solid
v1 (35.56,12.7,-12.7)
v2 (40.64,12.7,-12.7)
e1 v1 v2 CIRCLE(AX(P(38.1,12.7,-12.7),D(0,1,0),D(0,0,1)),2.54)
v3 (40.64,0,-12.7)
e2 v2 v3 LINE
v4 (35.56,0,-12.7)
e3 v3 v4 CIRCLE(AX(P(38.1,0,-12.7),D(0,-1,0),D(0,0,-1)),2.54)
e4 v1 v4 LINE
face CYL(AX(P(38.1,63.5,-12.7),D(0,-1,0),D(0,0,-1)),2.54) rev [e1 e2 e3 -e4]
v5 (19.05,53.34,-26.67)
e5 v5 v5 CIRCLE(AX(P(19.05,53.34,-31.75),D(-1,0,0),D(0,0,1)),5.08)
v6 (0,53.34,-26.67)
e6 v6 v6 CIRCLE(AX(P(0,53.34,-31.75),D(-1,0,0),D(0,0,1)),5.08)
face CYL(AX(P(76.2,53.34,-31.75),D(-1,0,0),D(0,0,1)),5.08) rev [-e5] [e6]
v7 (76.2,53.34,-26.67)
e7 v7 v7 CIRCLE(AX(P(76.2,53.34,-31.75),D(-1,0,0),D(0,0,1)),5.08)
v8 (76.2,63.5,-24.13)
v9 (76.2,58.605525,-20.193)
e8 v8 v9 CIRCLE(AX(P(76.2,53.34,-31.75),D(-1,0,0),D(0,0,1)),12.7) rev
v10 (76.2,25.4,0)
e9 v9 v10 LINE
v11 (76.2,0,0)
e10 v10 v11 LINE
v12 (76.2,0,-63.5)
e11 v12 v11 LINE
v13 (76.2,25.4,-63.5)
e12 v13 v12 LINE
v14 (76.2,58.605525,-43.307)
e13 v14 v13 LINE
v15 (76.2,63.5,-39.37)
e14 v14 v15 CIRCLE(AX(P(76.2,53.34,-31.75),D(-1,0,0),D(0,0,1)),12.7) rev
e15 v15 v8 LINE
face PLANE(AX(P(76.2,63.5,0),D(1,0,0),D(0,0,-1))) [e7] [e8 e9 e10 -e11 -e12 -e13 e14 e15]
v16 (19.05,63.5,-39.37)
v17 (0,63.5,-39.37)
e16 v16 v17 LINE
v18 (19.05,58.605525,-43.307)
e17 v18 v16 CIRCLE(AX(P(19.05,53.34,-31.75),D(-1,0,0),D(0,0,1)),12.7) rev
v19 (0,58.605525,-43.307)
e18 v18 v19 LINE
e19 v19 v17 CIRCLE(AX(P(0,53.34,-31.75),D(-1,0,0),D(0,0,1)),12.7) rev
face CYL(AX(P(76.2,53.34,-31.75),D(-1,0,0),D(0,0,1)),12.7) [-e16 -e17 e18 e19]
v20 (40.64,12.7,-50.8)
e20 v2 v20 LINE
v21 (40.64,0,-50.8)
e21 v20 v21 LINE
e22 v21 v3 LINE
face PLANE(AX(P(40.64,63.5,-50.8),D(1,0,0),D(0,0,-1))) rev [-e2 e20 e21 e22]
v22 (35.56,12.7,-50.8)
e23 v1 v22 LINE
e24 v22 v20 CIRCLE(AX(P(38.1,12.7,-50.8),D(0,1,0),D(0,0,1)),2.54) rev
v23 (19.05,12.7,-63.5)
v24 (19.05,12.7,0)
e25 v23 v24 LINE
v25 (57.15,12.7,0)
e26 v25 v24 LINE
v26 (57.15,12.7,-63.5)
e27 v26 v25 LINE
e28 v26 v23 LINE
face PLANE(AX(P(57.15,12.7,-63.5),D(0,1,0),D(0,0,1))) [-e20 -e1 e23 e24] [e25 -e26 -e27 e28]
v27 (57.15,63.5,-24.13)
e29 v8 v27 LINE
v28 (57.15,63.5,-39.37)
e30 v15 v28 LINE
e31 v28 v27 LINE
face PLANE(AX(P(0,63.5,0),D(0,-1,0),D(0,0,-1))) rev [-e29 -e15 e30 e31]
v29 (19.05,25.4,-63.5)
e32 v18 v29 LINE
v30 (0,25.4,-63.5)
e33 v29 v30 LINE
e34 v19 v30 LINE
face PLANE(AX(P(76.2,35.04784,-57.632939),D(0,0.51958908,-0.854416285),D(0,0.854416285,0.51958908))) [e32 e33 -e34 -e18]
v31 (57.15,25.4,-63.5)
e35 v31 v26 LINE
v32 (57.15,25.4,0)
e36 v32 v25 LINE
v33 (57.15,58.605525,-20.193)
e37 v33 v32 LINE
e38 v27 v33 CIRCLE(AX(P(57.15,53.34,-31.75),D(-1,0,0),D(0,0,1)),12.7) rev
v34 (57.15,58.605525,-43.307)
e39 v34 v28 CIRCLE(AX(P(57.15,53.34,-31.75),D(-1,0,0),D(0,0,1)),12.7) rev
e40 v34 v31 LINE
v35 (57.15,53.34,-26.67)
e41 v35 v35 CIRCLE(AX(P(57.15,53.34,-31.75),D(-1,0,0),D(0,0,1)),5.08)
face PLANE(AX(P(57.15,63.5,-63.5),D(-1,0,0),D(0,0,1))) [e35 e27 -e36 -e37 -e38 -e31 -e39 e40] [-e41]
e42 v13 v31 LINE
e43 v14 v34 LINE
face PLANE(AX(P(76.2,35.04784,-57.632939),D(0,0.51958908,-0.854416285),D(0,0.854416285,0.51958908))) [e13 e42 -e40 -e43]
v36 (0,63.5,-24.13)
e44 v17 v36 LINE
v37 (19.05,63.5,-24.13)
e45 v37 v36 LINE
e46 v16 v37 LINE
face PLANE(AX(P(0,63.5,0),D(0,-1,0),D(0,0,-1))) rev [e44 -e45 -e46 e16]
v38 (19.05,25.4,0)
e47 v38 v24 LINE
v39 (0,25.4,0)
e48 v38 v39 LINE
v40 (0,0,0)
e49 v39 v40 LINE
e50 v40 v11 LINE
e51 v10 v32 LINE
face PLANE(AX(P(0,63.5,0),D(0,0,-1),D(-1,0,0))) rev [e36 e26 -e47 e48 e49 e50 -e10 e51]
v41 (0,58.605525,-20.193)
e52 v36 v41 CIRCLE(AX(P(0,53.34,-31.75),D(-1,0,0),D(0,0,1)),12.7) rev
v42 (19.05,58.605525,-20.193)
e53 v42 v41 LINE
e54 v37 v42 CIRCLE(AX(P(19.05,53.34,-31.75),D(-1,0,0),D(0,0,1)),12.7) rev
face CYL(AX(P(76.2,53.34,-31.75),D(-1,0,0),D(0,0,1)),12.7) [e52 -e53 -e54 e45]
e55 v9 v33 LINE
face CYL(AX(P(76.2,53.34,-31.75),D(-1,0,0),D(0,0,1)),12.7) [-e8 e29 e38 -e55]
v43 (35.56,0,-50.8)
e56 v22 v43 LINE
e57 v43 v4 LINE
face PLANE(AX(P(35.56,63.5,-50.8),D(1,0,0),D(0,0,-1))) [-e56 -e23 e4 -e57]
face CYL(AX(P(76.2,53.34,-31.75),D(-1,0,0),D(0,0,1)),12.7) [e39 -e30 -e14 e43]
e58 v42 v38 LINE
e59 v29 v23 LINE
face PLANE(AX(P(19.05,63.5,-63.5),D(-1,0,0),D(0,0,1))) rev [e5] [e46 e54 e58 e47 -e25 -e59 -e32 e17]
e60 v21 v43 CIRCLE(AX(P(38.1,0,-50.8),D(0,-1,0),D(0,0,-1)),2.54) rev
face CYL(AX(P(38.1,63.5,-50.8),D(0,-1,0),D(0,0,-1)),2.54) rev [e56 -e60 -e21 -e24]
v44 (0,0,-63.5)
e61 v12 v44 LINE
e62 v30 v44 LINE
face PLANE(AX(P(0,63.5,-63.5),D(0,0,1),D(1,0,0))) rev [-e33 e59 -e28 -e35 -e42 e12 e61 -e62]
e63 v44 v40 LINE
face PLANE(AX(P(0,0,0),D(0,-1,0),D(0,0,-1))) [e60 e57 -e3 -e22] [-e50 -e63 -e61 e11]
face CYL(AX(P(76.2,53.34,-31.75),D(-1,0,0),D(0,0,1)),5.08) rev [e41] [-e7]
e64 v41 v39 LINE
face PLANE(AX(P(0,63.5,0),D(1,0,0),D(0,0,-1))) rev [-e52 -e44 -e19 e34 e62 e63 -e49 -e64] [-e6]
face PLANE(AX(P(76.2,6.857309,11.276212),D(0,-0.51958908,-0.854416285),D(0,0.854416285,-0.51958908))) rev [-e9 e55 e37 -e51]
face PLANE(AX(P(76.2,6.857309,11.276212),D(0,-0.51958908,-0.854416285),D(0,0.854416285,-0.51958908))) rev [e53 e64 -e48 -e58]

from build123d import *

# Parameters (mm, degrees)
SKETCH1_W                = 76.2
SKETCH1_H                = 63.5
BOSS_EXTRUDE2_DEPTH      = 63.5
SKETCH6_W                = 38.1
SKETCH6_H                = 50.8
CUT_EXTRUDE4_DEPTH       = 63.5
CUT_EXTRUDE6_DEPTH       = 118.774954893
CUT_EXTRUDE6_DEPTH_BACK  = 118.774954893
SKETCH9_R                = 5.08
CUT_EXTRUDE7_DEPTH       = 118.774954893
CUT_EXTRUDE10_DEPTH      = 118.774954893
CUT_EXTRUDE15_DEPTH      = 118.774954893
CUT_EXTRUDE15_DEPTH_BACK = 118.774954893


with BuildPart() as part:
    # Sketch1 → Boss-Extrude2 (new body)
    with BuildSketch(Plane(origin=(0, 0, 0), x_dir=(1, 0, 0), z_dir=(0, 1, 0))):
        with Locations((38.1, 31.75)):
            Rectangle(SKETCH1_W, SKETCH1_H)
    boss_extrude2 = extrude(amount=BOSS_EXTRUDE2_DEPTH)

    # Sketch6 → Cut-Extrude4 (cut)
    with BuildSketch(Plane.XY):
        with Locations((38.1, 38.1)):
            Rectangle(SKETCH6_W, SKETCH6_H)
    cut_extrude4 = extrude(amount=-CUT_EXTRUDE4_DEPTH, mode=Mode.SUBTRACT)

    # Sketch7 → Cut-Extrude6 (cut, two sides: drawn at the far end of the back side and taken through both)
    with BuildSketch(Plane(origin=(0, 0, 0), x_dir=(1, 0, 0), z_dir=(0, 1, 0)).offset(-CUT_EXTRUDE6_DEPTH_BACK)):
        Polygon((38.1, -158.106178129), (38.1, 0), (38.1, 63.5), (38.1, 221.606178129), (354.312356258, 221.606178129), (354.312356258, -158.106178129), align=None)
    extrude(amount=CUT_EXTRUDE6_DEPTH + CUT_EXTRUDE6_DEPTH_BACK, mode=Mode.SUBTRACT)

    # Mirror3: Boss-Extrude2, Cut-Extrude4 across plane
    add(boss_extrude2.mirror(Plane(origin=(38.1, 226.593693616, 0), x_dir=(0, 0, 1), z_dir=(-1, 0, 0))))
    add(cut_extrude4.mirror(Plane(origin=(38.1, 226.593693616, 0), x_dir=(0, 0, 1), z_dir=(-1, 0, 0))), mode=Mode.SUBTRACT)

    # Sketch9 → Cut-Extrude7 (cut, through all)
    with BuildSketch(Plane.ZY):
        with Locations((-31.75, 53.34)):
            Circle(SKETCH9_R)
    extrude(amount=-CUT_EXTRUDE7_DEPTH, mode=Mode.SUBTRACT)

    # Sketch10 → Cut-Extrude10 (cut, through all)
    with BuildSketch(Plane.ZY):
        with BuildLine():
            Line((-63.5, 63.5), (-63.5, 25.4))
            Line((-63.5, 25.4), (-43.307, 58.60552476))
            ThreePointArc((-43.307, 58.60552476), (-41.64587309, 61.300006016), (-39.37, 63.5))
            Line((-39.37, 63.5), (-63.5, 63.5))
        make_face()
        with BuildLine():
            ThreePointArc((-24.13, 63.5), (-21.85412691, 61.300006016), (-20.193, 58.60552476))
            Line((-20.193, 58.60552476), (0, 25.4))
            Line((0, 25.4), (0, 63.5))
            Line((0, 63.5), (-24.13, 63.5))
        make_face()
    extrude(amount=-CUT_EXTRUDE10_DEPTH, mode=Mode.SUBTRACT)

    # Sketch11 → Cut-Extrude15 (cut, two sides: drawn at the far end of the back side and taken through both)
    with BuildSketch(Plane(origin=(0, 0, 0), x_dir=(1, 0, 0), z_dir=(0, 1, 0)).offset(-CUT_EXTRUDE15_DEPTH_BACK)):
        with BuildLine():
            Line((40.64, 50.8), (40.64, 12.7))
            ThreePointArc((40.64, 12.7), (38.1, 10.16), (35.56, 12.7))
            Line((35.56, 12.7), (35.56, 50.8))
            ThreePointArc((35.56, 50.8), (38.1, 53.34), (40.64, 50.8))
        make_face()
    extrude(amount=CUT_EXTRUDE15_DEPTH + CUT_EXTRUDE15_DEPTH_BACK, mode=Mode.SUBTRACT)


solid = part.part
